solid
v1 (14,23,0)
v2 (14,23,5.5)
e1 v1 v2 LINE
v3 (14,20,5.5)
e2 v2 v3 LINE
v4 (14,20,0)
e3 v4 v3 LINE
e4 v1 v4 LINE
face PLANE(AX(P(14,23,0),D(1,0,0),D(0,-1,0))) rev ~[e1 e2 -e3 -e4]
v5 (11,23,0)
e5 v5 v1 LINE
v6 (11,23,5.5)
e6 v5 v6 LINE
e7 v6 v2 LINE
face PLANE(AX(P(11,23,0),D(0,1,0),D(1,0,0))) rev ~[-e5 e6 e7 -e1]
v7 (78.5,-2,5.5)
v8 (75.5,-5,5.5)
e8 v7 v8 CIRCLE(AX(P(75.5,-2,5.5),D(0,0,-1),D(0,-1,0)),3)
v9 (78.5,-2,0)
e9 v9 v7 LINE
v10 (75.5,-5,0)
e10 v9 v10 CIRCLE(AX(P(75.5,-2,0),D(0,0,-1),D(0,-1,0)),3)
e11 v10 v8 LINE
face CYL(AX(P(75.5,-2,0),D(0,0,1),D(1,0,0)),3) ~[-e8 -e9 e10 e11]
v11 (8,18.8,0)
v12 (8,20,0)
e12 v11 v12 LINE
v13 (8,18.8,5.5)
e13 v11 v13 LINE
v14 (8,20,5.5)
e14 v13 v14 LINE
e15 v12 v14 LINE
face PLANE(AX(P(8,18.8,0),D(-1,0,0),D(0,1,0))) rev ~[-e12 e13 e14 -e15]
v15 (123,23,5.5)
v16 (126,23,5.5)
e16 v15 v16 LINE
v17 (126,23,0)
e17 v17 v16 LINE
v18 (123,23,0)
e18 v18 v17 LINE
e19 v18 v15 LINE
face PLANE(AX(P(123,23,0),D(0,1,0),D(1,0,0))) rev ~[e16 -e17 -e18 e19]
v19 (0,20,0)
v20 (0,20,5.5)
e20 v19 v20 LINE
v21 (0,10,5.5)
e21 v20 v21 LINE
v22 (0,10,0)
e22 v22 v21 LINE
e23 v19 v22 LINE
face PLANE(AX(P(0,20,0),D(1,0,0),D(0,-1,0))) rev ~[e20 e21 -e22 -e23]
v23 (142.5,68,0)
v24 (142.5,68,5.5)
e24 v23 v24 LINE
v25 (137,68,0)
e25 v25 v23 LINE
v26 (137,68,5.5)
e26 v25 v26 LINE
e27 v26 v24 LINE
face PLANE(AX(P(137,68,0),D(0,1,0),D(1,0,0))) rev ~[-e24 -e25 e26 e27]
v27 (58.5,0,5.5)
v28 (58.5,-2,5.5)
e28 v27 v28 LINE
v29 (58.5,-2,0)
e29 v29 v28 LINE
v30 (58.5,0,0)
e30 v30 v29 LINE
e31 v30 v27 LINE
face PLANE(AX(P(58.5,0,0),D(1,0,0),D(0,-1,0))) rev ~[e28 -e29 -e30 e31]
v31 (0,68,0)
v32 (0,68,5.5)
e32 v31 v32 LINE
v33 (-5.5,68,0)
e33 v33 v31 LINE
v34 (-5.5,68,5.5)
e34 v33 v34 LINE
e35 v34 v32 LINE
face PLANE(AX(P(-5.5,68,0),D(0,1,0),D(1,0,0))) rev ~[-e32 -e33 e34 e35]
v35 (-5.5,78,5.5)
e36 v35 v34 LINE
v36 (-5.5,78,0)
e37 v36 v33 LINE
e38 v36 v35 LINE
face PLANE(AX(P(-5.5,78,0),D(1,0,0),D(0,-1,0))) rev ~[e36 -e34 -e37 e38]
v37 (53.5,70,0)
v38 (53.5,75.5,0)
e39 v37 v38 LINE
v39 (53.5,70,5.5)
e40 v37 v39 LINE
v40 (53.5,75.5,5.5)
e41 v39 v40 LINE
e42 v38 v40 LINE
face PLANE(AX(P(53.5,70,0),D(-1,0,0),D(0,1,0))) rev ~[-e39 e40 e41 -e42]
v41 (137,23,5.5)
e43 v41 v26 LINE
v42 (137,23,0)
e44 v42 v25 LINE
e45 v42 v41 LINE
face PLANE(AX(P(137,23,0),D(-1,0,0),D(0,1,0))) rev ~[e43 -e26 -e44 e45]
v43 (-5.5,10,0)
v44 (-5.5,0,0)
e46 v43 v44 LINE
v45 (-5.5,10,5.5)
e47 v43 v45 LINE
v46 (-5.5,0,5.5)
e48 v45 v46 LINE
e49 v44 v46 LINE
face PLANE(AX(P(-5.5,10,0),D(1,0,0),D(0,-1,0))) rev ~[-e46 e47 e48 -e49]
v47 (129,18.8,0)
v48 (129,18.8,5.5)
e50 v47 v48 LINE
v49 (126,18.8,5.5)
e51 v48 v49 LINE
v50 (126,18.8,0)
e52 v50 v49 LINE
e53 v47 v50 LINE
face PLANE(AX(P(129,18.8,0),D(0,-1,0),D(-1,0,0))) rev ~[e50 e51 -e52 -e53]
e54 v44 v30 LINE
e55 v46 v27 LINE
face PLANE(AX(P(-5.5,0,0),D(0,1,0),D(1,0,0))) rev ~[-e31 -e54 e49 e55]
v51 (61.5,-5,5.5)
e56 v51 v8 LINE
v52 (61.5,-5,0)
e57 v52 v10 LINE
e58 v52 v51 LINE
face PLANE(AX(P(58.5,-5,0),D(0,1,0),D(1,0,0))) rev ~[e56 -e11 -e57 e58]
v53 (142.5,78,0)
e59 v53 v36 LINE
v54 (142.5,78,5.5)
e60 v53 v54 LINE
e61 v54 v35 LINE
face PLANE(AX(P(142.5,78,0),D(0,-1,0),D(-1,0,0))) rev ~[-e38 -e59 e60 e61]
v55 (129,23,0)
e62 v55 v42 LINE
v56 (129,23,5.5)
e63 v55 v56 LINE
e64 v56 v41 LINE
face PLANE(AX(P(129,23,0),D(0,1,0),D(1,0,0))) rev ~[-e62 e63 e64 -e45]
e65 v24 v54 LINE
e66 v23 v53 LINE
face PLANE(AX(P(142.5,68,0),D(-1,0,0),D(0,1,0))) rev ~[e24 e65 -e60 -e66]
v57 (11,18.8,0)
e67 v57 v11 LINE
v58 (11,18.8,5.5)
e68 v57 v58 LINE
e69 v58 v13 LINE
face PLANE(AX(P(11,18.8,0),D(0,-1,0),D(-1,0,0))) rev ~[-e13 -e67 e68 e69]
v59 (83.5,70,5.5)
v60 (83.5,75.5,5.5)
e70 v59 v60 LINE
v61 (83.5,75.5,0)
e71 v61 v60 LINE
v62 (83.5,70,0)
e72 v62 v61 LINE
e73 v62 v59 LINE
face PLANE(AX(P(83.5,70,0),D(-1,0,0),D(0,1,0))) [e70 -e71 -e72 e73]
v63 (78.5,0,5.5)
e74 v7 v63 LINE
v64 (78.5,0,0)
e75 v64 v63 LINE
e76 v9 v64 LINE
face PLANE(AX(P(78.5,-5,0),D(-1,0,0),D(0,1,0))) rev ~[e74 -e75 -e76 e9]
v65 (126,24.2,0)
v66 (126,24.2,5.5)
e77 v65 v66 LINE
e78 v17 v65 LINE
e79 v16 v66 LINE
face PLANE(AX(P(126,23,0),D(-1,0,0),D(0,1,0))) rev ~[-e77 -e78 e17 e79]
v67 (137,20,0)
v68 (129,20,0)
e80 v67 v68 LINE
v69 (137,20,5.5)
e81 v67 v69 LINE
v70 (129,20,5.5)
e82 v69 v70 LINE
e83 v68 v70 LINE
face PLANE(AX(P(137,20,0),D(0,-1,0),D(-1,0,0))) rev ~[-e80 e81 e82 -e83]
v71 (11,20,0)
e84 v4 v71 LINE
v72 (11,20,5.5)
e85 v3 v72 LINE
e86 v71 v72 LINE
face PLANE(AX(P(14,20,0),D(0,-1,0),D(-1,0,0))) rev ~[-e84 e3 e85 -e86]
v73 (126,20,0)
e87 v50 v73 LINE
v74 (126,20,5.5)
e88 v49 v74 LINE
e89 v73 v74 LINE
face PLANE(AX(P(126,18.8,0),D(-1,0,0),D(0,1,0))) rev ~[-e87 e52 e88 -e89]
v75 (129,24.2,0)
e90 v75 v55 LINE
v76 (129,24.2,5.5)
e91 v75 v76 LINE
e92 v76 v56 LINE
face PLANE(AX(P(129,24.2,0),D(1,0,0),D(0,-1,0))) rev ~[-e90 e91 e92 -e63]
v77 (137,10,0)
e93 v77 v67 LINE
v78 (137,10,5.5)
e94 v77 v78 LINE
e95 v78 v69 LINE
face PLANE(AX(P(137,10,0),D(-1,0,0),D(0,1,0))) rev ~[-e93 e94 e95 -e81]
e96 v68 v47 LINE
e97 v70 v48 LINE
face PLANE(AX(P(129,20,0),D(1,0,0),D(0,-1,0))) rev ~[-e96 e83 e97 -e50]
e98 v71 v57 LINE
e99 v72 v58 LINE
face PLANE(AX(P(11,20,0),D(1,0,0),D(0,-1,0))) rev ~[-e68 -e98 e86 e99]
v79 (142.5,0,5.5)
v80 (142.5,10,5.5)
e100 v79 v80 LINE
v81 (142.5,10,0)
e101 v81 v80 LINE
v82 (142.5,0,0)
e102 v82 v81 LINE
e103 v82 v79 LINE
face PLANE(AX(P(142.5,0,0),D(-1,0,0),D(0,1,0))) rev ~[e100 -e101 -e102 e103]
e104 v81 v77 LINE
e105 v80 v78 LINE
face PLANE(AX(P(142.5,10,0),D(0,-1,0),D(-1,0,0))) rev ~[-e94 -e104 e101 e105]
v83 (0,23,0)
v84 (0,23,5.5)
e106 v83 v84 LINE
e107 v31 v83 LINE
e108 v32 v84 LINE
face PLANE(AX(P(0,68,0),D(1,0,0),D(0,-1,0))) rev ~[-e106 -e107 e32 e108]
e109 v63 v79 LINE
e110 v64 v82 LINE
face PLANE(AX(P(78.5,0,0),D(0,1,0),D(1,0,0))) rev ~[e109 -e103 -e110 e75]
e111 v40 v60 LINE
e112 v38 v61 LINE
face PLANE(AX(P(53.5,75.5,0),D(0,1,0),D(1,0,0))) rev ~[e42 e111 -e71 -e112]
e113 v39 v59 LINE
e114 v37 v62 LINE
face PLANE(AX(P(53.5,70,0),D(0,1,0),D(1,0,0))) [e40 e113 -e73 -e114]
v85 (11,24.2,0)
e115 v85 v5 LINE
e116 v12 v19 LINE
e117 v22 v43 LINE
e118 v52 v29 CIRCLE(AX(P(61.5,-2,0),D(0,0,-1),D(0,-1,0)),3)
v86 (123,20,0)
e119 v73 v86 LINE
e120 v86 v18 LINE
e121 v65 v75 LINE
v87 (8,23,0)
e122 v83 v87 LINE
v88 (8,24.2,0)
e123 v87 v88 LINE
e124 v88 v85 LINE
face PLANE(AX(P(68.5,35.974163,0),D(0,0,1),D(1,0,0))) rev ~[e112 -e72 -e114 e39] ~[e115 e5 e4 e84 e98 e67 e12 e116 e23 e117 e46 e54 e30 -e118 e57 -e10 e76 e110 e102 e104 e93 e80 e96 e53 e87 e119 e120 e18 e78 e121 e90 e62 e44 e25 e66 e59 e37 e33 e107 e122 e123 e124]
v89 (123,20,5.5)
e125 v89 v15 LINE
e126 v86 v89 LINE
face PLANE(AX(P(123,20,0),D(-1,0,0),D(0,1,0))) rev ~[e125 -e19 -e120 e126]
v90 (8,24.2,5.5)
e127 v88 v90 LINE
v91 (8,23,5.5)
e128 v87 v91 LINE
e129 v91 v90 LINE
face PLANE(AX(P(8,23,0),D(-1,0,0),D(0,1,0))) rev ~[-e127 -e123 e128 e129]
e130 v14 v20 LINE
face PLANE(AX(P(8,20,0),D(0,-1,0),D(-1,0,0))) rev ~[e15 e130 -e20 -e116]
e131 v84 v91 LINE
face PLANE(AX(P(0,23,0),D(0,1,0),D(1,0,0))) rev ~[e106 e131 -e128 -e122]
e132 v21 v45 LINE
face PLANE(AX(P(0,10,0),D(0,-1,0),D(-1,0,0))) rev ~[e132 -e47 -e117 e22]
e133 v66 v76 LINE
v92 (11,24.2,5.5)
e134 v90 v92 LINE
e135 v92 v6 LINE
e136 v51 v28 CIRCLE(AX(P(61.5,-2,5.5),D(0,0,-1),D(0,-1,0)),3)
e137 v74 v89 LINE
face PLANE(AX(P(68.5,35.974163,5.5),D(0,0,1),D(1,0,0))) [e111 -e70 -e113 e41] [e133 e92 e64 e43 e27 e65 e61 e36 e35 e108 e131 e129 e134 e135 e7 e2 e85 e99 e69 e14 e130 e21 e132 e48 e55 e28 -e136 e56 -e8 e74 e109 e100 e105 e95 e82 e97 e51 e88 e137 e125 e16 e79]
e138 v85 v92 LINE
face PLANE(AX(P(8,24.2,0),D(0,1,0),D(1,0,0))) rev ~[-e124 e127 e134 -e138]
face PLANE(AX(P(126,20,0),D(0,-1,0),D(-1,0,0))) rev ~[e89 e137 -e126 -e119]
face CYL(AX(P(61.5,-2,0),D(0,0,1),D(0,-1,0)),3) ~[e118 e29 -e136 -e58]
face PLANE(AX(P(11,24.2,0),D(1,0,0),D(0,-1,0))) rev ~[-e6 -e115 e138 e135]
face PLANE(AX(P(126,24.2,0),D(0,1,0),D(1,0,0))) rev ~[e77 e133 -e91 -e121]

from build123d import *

# Parameters (mm, degrees)
SKETCH1_W           = 30
SKETCH1_H           = 5.5
BOSS_EXTRUDE2_DEPTH = 5.5
FILLET1_R           = 3
FILLET2_R           = 3


with BuildPart() as part:
    # Sketch1 → Boss-Extrude2 (new body)
    with BuildSketch(Plane.XY):
        Polygon((78.5, 0), (137, 0), (142.5, 0), (142.5, 10), (137, 10), (137, 20), (129, 20), (129, 18.8), (126, 18.8), (126, 20), (123, 20), (123, 23), (126, 23), (126, 24.2), (129, 24.2), (129, 23), (137, 23), (137, 68), (142.5, 68), (142.5, 78), (137, 78), (0, 78), (-5.5, 78), (-5.5, 68), (0, 68), (0, 23), (8, 23), (8, 24.2), (11, 24.2), (11, 23), (14, 23), (14, 20), (11, 20), (11, 18.8), (8, 18.8), (8, 20), (0, 20), (0, 10), (-5.5, 10), (-5.5, 0), (0, 0), (58.5, 0), (58.5, -5), (78.5, -5), align=None)
        with Locations((68.5, 72.75)):
            Rectangle(SKETCH1_W, SKETCH1_H, mode=Mode.SUBTRACT)
    extrude(amount=BOSS_EXTRUDE2_DEPTH)

    # Fillet1
    fillet1_edges = [part.edges().sort_by_distance(p)[0] for p in [
        (78.5, -5, 2.75),
    ]]
    fillet(fillet1_edges, radius=FILLET1_R)

    # Fillet2
    fillet2_edges = [part.edges().sort_by_distance(p)[0] for p in [
        (58.5, -5, 2.75),
    ]]
    fillet(fillet2_edges, radius=FILLET2_R)


solid = part.part
